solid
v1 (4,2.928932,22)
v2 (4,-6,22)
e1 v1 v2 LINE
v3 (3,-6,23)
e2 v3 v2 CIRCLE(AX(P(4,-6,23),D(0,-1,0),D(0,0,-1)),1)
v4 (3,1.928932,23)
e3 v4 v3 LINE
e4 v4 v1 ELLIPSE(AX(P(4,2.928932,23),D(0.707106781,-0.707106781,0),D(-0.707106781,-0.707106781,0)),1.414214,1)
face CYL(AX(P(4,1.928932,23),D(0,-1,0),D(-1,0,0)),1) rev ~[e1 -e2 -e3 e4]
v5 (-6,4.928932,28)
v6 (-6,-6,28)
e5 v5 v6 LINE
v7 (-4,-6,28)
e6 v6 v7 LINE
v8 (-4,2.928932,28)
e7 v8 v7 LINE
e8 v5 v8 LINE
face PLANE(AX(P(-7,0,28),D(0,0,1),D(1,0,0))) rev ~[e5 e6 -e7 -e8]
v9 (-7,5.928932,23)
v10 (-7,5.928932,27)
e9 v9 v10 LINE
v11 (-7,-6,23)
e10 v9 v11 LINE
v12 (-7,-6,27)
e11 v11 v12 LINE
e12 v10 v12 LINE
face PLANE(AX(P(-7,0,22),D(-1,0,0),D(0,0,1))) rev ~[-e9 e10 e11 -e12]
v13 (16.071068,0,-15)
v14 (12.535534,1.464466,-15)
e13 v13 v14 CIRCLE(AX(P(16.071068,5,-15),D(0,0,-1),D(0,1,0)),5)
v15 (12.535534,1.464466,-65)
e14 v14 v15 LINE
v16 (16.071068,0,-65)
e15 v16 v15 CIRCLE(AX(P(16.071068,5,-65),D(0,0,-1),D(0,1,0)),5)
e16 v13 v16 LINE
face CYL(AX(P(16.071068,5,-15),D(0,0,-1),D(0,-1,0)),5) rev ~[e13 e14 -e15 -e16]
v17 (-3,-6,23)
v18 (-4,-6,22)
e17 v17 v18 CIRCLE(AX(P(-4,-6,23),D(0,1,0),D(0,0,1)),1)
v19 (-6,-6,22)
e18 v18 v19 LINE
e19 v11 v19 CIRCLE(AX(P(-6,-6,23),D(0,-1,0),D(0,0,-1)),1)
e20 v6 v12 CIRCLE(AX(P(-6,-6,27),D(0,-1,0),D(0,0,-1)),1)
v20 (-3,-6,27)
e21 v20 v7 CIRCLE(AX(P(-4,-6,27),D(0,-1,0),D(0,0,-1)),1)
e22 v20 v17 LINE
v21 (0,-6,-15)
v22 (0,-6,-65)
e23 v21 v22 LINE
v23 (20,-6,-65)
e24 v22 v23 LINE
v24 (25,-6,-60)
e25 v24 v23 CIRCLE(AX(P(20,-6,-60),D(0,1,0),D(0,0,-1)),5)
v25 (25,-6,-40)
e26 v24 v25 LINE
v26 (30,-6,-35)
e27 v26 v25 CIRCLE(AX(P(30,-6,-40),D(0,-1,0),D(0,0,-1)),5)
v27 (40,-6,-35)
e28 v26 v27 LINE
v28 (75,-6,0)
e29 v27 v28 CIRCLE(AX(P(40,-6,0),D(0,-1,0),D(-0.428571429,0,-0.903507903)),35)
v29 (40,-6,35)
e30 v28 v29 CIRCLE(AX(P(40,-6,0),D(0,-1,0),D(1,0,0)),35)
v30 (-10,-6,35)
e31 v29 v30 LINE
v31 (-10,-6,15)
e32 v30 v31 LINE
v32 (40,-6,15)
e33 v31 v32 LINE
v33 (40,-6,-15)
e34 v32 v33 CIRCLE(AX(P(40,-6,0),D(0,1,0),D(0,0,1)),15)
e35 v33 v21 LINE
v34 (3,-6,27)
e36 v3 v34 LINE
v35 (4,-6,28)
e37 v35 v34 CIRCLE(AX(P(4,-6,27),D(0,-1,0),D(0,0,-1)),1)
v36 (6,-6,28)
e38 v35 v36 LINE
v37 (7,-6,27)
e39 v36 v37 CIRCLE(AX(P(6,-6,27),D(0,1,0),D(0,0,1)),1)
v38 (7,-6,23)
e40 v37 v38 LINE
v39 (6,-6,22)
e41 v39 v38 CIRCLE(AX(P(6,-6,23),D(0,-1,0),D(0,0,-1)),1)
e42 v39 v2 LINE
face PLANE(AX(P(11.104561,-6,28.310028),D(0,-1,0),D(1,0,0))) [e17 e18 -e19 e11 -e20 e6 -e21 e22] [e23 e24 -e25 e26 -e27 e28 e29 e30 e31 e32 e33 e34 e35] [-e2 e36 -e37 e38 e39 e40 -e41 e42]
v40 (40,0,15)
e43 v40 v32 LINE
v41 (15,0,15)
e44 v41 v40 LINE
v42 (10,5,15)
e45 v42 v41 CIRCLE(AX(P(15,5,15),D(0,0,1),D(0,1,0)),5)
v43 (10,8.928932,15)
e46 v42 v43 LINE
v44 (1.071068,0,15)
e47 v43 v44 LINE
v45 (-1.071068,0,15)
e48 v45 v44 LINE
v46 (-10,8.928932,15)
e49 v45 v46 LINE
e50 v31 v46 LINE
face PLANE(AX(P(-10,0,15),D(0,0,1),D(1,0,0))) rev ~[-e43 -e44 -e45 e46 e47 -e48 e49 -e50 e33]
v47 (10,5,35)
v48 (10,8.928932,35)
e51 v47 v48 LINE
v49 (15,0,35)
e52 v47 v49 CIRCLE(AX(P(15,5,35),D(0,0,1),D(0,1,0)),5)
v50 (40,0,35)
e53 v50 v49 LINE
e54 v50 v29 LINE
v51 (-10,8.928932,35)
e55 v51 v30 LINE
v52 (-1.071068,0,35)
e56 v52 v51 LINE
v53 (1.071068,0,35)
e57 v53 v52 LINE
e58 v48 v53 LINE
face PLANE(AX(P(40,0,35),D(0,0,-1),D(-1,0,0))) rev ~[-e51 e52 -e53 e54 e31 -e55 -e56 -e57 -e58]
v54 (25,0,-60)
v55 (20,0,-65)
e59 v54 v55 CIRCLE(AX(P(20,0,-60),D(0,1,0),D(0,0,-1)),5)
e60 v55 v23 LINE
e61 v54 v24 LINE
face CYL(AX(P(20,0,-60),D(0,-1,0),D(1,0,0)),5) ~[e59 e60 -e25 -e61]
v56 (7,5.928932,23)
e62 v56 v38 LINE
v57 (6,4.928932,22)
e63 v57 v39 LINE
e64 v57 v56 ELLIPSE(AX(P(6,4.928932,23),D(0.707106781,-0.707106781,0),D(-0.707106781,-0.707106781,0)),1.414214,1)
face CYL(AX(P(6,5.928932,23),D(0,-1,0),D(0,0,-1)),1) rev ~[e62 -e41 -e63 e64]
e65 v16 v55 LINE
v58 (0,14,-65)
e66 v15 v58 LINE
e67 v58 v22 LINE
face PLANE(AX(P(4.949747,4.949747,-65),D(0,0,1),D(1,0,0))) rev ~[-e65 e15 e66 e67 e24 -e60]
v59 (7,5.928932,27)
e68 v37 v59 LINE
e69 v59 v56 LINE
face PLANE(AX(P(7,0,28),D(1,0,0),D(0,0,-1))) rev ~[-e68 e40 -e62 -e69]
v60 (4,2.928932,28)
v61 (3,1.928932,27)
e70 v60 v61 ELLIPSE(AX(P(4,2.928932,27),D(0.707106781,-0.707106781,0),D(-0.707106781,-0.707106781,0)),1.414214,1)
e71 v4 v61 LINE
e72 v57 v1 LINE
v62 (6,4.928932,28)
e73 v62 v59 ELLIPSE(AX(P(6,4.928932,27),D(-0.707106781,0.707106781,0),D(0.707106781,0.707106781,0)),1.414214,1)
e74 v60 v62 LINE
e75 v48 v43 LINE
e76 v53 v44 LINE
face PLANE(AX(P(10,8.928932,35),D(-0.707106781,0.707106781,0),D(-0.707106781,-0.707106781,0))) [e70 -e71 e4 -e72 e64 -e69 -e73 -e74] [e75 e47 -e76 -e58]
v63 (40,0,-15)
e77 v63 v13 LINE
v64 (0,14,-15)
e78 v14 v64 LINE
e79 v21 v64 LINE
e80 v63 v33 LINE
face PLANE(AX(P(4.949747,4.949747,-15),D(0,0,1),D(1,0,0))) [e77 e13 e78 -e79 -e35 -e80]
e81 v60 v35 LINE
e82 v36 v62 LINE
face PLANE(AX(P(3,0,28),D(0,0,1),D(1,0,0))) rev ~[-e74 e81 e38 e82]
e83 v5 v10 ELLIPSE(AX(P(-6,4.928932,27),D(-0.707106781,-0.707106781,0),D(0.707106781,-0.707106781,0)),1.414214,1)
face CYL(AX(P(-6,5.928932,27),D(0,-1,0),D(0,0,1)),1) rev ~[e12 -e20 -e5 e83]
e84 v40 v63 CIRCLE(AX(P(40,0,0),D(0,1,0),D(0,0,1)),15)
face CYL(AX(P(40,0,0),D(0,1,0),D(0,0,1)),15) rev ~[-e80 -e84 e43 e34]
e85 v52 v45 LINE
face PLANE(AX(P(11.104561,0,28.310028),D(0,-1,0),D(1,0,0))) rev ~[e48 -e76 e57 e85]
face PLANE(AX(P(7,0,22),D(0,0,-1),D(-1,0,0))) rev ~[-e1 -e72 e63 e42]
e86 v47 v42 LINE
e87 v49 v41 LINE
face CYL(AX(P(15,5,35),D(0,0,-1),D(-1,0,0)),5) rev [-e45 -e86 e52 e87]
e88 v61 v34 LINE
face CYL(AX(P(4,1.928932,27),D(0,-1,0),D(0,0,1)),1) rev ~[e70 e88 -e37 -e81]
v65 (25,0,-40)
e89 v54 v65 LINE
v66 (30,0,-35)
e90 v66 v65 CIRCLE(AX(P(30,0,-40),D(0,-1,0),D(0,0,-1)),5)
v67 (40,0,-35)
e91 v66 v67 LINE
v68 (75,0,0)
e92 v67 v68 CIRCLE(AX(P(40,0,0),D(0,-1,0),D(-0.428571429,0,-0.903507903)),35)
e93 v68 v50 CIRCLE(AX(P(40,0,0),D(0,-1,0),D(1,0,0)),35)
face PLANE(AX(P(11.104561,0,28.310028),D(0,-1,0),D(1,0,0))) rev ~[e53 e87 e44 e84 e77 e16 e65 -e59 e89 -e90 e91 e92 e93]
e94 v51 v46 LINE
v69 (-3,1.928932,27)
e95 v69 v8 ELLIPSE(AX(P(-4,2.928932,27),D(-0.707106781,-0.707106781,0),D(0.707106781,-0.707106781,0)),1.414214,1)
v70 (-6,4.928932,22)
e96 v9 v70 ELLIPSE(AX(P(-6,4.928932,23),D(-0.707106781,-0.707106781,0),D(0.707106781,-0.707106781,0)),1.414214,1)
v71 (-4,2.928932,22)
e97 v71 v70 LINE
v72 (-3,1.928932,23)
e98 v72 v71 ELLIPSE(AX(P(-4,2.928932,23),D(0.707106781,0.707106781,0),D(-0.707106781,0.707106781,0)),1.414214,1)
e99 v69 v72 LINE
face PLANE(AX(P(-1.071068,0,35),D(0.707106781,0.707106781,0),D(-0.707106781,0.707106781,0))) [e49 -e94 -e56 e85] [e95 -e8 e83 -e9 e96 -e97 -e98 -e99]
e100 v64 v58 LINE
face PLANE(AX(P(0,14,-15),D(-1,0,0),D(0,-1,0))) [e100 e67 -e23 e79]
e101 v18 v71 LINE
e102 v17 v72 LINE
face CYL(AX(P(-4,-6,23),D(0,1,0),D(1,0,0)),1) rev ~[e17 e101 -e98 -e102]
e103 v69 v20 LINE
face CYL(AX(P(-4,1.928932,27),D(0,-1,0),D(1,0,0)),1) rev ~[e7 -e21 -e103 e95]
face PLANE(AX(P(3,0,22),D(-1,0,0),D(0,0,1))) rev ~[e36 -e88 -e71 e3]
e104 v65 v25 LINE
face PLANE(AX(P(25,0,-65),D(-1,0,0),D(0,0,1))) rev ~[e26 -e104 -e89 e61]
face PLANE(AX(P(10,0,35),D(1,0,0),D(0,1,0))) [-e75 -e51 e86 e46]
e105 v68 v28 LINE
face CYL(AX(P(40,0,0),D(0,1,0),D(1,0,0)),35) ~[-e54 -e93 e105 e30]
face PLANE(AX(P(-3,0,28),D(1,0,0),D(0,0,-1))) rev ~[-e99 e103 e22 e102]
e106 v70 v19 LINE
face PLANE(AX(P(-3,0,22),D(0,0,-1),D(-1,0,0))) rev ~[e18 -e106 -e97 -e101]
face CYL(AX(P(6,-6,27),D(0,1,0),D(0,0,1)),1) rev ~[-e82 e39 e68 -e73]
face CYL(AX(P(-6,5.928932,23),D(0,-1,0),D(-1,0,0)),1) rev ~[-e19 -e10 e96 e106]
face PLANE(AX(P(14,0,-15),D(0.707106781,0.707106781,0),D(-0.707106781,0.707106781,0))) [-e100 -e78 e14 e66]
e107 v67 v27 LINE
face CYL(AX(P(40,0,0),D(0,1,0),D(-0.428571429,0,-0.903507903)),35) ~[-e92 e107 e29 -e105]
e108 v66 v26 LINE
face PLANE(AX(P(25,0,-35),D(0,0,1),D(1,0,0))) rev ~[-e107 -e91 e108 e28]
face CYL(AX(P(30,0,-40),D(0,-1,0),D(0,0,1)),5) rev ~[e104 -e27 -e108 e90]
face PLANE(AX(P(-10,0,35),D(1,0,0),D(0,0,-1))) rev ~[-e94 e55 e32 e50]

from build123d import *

# Parameters (mm, degrees)
F1_DEPTH = 6
F3_DEPTH = 50
F5_DEPTH = 20
F6_R     = 5
F7_DEPTH = 14.001
F8_R     = 1


with BuildPart() as f1:
    # F0 (on Front) → F1 (new body)
    with BuildSketch(Plane.XZ):
        with BuildLine():
            Line((-10, 15), (8.3772233983, 15))
            ThreePointArc((8.3772233983, 15), (21.2917130661, 29.5803989155), (40, 35))
            Line((40, 35), (-10, 35))
            Line((-10, 35), (-10, 15))
        make_face()
        Polygon((-7, 22), (-7, 25), (-7, 28), (-3, 28), (-3, 25), (-3, 22), align=None, mode=Mode.SUBTRACT)
        Polygon((7, 22), (3, 22), (3, 25), (3, 28), (7, 28), (7, 25), align=None, mode=Mode.SUBTRACT)
        with BuildLine():
            Line((40, -15), (25, -15))
            Line((25, -15), (25, -31.6227766017))
            ThreePointArc((25, -31.6227766017), (32.312255892, -34.1452572187), (40, -35))
            ThreePointArc((40, -35), (64.7487373415, -24.7487373415), (75, 0))
            ThreePointArc((75, 0), (64.7487373415, 24.7487373415), (40, 35))
            ThreePointArc((40, 35), (21.2917130661, 29.5803989155), (8.3772233983, 15))
            Line((8.3772233983, 15), (40, 15))
            ThreePointArc((40, 15), (50.6066017178, 10.6066017178), (55, 0))
            ThreePointArc((55, 0), (50.6066017178, -10.6066017178), (40, -15))
        make_face()
        with BuildLine():
            Line((25, -15), (8.3772233983, -15))
            ThreePointArc((8.3772233983, -15), (15.2512626585, -24.7487373415), (25, -31.6227766017))
            Line((25, -31.6227766017), (25, -15))
        make_face()
        with BuildLine():
            Line((8.3772233983, -15), (0, -15))
            Line((0, -15), (0, -65))
            Line((0, -65), (25, -65))
            Line((25, -65), (25, -35))
            Line((25, -35), (25, -31.6227766017))
            ThreePointArc((25, -31.6227766017), (15.2512626585, -24.7487373415), (8.3772233983, -15))
        make_face()
        with BuildLine():
            ThreePointArc((40, -35), (32.312255892, -34.1452572187), (25, -31.6227766017))
            Line((25, -31.6227766017), (25, -35))
            Line((25, -35), (40, -35))
        make_face()
    extrude(amount=F1_DEPTH)

    # F2 (on face) → F3 (join)
    with BuildSketch(Plane.XY.offset(-15)):
        Polygon((0, 0), (14, 0), (0, 14), align=None)
    extrude(amount=-F3_DEPTH)

    # F4 (on face) → F5 (join, through all)
    with BuildSketch(Plane.XY.offset(35)):
        Polygon((-10, 0), (-1.0710678119, 0), (-10, 8.9289321881), align=None)
        Polygon((1.0710678119, 0), (10, 0), (10, 8.9289321881), align=None)
    extrude(amount=-F5_DEPTH)

    # F6
    f6_edges = [f1.edges().sort_by_distance(p)[0] for p in [
        (25, -3, -35),
        (25, -3, -65),
        (10, 0, 25),
        (14, 0, -40),
    ]]
    fillet(f6_edges, radius=F6_R)

    # F0 (on Front) → F7 (cut, through all)
    with BuildSketch(Plane.XZ):
        Polygon((-7, 28), (-7, 25), (-7, 22), (-3, 22), (-3, 25), (-3, 28), align=None)
        Polygon((3, 25), (3, 22), (7, 22), (7, 25), (7, 28), (3, 28), align=None)
    extrude(amount=-F7_DEPTH, mode=Mode.SUBTRACT)

    # F8
    f8_edges = [f1.edges().sort_by_distance(p)[0] for p in [
        (7, -0.035534, 22),
        (-3, -2.035534, 22),
        (7, -0.035534, 28),
        (-3, -2.035534, 28),
        (-7, -0.035534, 28),
        (3, -2.035534, 28),
        (-7, -0.035534, 22),
        (3, -2.035534, 22),
    ]]
    fillet(f8_edges, radius=F8_R)


solid = f1.part
